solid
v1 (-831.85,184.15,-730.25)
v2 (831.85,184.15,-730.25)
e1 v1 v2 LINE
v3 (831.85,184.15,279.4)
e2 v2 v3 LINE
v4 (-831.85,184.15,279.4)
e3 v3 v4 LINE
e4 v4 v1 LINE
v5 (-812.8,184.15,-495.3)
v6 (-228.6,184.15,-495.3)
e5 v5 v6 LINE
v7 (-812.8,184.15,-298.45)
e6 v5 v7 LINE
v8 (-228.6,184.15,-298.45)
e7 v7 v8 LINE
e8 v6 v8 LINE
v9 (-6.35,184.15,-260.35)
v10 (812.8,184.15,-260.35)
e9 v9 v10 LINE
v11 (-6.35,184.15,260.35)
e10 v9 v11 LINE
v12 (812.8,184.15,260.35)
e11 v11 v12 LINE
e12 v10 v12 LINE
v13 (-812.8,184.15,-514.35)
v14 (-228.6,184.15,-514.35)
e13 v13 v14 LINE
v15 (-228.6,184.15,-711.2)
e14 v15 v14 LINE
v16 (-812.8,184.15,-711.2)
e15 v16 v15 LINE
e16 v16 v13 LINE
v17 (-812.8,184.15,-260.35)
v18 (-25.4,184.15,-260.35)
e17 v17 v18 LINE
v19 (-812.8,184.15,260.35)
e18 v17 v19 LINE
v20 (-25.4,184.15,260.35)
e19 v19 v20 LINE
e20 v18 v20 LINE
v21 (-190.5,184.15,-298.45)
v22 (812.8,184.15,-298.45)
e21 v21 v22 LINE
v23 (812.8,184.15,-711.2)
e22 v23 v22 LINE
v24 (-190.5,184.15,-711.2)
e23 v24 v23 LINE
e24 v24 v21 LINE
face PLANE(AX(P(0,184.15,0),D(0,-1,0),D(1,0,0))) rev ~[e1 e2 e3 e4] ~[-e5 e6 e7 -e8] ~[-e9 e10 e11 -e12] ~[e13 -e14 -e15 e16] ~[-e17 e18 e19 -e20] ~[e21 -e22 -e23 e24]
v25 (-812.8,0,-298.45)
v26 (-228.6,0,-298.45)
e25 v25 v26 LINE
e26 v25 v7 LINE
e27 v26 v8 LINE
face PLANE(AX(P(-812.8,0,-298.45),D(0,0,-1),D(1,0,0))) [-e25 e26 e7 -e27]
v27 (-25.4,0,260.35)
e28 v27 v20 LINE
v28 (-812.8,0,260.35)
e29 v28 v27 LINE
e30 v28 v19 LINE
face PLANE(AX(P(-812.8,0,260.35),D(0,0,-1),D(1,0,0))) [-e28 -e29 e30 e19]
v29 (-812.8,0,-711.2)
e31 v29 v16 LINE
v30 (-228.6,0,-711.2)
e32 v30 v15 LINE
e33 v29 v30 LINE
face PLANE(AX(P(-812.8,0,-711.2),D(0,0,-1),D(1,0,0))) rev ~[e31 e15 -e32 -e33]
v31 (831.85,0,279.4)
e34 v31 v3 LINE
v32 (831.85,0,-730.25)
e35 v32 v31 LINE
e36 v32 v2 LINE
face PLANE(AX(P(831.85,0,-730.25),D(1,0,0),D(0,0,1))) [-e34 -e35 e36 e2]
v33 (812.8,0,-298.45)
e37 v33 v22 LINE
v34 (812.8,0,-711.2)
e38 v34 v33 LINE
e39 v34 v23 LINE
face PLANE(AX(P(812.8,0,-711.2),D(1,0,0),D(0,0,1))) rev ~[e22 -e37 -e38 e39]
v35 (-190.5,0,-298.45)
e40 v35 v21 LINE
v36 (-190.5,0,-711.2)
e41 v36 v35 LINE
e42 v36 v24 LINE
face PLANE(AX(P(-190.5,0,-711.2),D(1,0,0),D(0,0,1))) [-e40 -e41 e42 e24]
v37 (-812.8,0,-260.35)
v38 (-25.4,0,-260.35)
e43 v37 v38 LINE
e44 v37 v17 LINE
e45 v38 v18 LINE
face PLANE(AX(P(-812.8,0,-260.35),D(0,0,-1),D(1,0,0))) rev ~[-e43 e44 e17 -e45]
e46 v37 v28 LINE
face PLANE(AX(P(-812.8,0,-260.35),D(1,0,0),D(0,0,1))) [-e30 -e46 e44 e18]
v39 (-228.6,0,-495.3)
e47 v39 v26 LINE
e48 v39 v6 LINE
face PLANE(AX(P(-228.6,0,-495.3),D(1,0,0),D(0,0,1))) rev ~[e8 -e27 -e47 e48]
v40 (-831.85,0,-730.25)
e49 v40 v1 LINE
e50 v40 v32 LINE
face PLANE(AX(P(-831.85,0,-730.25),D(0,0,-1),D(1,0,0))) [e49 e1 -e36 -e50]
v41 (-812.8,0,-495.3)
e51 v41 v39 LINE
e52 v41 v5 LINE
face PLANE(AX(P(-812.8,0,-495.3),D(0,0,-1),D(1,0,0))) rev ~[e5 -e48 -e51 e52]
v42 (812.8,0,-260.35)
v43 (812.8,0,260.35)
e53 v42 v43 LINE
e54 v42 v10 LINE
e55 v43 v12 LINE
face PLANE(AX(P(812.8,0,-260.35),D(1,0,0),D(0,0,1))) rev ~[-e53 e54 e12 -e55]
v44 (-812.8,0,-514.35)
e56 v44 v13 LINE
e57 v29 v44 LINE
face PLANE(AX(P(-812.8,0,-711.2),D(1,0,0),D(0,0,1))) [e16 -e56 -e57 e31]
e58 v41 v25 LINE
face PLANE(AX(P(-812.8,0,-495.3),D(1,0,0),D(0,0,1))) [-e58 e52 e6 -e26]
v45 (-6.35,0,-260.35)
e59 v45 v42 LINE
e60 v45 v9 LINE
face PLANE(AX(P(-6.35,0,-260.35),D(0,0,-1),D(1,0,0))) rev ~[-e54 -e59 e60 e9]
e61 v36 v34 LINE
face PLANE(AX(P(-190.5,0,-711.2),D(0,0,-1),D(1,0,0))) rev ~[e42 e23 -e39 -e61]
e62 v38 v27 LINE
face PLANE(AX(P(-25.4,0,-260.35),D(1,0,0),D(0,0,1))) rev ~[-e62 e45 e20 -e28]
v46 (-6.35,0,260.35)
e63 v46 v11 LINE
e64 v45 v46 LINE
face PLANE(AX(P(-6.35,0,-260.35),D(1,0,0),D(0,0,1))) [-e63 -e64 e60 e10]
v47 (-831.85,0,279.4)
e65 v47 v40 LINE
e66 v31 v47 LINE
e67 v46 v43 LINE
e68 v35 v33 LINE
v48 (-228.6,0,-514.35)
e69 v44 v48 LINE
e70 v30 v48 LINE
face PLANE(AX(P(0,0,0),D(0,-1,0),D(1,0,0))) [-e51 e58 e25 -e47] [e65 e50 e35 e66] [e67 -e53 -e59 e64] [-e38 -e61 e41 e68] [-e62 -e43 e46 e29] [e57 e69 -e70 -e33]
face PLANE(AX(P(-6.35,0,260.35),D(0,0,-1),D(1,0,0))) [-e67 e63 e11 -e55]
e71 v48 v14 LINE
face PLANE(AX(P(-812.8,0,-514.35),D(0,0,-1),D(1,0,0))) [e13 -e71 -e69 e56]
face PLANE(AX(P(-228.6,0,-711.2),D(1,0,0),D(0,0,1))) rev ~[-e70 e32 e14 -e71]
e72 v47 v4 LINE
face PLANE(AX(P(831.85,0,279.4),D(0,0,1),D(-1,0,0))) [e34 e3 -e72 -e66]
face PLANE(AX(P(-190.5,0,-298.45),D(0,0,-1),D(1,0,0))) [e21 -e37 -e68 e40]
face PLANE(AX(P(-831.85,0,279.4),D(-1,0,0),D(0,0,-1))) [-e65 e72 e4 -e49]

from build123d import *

# Parameters (mm, degrees)
F0_W     = 787.4
F0_H     = 520.7
F0_W_2   = 819.15
F0_W_3   = 622.3
F0_H_2   = 450.85
F0_W_4   = 584.2
F0_H_3   = 196.85
F0_W_5   = 1041.4
F0_W_6   = 1003.3
F0_H_4   = 412.75
F1_DEPTH = 184.15


with BuildPart() as f1:
    # F0 (on Front) → F1 (new body)
    with BuildSketch(Plane.XZ):
        Polygon((831.85, -279.4), (831.85, 279.4), (-831.85, 279.4), (-831.85, -279.4), (-209.55, -279.4), align=None)
        with Locations((-419.1, 0)):
            Rectangle(F0_W, F0_H, mode=Mode.SUBTRACT)
        with Locations((403.225, 0)):
            Rectangle(F0_W_2, F0_H, mode=Mode.SUBTRACT)
        with Locations((-520.7, -504.825)):
            Rectangle(F0_W_3, F0_H_2)
        with Locations((-520.7, -612.775)):
            Rectangle(F0_W_4, F0_H_3, mode=Mode.SUBTRACT)
        with Locations((-520.7, -396.875)):
            Rectangle(F0_W_4, F0_H_3, mode=Mode.SUBTRACT)
        with Locations((311.15, -504.825)):
            Rectangle(F0_W_5, F0_H_2)
        with Locations((311.15, -504.825)):
            Rectangle(F0_W_6, F0_H_4, mode=Mode.SUBTRACT)
    extrude(amount=-F1_DEPTH)


solid = f1.part
